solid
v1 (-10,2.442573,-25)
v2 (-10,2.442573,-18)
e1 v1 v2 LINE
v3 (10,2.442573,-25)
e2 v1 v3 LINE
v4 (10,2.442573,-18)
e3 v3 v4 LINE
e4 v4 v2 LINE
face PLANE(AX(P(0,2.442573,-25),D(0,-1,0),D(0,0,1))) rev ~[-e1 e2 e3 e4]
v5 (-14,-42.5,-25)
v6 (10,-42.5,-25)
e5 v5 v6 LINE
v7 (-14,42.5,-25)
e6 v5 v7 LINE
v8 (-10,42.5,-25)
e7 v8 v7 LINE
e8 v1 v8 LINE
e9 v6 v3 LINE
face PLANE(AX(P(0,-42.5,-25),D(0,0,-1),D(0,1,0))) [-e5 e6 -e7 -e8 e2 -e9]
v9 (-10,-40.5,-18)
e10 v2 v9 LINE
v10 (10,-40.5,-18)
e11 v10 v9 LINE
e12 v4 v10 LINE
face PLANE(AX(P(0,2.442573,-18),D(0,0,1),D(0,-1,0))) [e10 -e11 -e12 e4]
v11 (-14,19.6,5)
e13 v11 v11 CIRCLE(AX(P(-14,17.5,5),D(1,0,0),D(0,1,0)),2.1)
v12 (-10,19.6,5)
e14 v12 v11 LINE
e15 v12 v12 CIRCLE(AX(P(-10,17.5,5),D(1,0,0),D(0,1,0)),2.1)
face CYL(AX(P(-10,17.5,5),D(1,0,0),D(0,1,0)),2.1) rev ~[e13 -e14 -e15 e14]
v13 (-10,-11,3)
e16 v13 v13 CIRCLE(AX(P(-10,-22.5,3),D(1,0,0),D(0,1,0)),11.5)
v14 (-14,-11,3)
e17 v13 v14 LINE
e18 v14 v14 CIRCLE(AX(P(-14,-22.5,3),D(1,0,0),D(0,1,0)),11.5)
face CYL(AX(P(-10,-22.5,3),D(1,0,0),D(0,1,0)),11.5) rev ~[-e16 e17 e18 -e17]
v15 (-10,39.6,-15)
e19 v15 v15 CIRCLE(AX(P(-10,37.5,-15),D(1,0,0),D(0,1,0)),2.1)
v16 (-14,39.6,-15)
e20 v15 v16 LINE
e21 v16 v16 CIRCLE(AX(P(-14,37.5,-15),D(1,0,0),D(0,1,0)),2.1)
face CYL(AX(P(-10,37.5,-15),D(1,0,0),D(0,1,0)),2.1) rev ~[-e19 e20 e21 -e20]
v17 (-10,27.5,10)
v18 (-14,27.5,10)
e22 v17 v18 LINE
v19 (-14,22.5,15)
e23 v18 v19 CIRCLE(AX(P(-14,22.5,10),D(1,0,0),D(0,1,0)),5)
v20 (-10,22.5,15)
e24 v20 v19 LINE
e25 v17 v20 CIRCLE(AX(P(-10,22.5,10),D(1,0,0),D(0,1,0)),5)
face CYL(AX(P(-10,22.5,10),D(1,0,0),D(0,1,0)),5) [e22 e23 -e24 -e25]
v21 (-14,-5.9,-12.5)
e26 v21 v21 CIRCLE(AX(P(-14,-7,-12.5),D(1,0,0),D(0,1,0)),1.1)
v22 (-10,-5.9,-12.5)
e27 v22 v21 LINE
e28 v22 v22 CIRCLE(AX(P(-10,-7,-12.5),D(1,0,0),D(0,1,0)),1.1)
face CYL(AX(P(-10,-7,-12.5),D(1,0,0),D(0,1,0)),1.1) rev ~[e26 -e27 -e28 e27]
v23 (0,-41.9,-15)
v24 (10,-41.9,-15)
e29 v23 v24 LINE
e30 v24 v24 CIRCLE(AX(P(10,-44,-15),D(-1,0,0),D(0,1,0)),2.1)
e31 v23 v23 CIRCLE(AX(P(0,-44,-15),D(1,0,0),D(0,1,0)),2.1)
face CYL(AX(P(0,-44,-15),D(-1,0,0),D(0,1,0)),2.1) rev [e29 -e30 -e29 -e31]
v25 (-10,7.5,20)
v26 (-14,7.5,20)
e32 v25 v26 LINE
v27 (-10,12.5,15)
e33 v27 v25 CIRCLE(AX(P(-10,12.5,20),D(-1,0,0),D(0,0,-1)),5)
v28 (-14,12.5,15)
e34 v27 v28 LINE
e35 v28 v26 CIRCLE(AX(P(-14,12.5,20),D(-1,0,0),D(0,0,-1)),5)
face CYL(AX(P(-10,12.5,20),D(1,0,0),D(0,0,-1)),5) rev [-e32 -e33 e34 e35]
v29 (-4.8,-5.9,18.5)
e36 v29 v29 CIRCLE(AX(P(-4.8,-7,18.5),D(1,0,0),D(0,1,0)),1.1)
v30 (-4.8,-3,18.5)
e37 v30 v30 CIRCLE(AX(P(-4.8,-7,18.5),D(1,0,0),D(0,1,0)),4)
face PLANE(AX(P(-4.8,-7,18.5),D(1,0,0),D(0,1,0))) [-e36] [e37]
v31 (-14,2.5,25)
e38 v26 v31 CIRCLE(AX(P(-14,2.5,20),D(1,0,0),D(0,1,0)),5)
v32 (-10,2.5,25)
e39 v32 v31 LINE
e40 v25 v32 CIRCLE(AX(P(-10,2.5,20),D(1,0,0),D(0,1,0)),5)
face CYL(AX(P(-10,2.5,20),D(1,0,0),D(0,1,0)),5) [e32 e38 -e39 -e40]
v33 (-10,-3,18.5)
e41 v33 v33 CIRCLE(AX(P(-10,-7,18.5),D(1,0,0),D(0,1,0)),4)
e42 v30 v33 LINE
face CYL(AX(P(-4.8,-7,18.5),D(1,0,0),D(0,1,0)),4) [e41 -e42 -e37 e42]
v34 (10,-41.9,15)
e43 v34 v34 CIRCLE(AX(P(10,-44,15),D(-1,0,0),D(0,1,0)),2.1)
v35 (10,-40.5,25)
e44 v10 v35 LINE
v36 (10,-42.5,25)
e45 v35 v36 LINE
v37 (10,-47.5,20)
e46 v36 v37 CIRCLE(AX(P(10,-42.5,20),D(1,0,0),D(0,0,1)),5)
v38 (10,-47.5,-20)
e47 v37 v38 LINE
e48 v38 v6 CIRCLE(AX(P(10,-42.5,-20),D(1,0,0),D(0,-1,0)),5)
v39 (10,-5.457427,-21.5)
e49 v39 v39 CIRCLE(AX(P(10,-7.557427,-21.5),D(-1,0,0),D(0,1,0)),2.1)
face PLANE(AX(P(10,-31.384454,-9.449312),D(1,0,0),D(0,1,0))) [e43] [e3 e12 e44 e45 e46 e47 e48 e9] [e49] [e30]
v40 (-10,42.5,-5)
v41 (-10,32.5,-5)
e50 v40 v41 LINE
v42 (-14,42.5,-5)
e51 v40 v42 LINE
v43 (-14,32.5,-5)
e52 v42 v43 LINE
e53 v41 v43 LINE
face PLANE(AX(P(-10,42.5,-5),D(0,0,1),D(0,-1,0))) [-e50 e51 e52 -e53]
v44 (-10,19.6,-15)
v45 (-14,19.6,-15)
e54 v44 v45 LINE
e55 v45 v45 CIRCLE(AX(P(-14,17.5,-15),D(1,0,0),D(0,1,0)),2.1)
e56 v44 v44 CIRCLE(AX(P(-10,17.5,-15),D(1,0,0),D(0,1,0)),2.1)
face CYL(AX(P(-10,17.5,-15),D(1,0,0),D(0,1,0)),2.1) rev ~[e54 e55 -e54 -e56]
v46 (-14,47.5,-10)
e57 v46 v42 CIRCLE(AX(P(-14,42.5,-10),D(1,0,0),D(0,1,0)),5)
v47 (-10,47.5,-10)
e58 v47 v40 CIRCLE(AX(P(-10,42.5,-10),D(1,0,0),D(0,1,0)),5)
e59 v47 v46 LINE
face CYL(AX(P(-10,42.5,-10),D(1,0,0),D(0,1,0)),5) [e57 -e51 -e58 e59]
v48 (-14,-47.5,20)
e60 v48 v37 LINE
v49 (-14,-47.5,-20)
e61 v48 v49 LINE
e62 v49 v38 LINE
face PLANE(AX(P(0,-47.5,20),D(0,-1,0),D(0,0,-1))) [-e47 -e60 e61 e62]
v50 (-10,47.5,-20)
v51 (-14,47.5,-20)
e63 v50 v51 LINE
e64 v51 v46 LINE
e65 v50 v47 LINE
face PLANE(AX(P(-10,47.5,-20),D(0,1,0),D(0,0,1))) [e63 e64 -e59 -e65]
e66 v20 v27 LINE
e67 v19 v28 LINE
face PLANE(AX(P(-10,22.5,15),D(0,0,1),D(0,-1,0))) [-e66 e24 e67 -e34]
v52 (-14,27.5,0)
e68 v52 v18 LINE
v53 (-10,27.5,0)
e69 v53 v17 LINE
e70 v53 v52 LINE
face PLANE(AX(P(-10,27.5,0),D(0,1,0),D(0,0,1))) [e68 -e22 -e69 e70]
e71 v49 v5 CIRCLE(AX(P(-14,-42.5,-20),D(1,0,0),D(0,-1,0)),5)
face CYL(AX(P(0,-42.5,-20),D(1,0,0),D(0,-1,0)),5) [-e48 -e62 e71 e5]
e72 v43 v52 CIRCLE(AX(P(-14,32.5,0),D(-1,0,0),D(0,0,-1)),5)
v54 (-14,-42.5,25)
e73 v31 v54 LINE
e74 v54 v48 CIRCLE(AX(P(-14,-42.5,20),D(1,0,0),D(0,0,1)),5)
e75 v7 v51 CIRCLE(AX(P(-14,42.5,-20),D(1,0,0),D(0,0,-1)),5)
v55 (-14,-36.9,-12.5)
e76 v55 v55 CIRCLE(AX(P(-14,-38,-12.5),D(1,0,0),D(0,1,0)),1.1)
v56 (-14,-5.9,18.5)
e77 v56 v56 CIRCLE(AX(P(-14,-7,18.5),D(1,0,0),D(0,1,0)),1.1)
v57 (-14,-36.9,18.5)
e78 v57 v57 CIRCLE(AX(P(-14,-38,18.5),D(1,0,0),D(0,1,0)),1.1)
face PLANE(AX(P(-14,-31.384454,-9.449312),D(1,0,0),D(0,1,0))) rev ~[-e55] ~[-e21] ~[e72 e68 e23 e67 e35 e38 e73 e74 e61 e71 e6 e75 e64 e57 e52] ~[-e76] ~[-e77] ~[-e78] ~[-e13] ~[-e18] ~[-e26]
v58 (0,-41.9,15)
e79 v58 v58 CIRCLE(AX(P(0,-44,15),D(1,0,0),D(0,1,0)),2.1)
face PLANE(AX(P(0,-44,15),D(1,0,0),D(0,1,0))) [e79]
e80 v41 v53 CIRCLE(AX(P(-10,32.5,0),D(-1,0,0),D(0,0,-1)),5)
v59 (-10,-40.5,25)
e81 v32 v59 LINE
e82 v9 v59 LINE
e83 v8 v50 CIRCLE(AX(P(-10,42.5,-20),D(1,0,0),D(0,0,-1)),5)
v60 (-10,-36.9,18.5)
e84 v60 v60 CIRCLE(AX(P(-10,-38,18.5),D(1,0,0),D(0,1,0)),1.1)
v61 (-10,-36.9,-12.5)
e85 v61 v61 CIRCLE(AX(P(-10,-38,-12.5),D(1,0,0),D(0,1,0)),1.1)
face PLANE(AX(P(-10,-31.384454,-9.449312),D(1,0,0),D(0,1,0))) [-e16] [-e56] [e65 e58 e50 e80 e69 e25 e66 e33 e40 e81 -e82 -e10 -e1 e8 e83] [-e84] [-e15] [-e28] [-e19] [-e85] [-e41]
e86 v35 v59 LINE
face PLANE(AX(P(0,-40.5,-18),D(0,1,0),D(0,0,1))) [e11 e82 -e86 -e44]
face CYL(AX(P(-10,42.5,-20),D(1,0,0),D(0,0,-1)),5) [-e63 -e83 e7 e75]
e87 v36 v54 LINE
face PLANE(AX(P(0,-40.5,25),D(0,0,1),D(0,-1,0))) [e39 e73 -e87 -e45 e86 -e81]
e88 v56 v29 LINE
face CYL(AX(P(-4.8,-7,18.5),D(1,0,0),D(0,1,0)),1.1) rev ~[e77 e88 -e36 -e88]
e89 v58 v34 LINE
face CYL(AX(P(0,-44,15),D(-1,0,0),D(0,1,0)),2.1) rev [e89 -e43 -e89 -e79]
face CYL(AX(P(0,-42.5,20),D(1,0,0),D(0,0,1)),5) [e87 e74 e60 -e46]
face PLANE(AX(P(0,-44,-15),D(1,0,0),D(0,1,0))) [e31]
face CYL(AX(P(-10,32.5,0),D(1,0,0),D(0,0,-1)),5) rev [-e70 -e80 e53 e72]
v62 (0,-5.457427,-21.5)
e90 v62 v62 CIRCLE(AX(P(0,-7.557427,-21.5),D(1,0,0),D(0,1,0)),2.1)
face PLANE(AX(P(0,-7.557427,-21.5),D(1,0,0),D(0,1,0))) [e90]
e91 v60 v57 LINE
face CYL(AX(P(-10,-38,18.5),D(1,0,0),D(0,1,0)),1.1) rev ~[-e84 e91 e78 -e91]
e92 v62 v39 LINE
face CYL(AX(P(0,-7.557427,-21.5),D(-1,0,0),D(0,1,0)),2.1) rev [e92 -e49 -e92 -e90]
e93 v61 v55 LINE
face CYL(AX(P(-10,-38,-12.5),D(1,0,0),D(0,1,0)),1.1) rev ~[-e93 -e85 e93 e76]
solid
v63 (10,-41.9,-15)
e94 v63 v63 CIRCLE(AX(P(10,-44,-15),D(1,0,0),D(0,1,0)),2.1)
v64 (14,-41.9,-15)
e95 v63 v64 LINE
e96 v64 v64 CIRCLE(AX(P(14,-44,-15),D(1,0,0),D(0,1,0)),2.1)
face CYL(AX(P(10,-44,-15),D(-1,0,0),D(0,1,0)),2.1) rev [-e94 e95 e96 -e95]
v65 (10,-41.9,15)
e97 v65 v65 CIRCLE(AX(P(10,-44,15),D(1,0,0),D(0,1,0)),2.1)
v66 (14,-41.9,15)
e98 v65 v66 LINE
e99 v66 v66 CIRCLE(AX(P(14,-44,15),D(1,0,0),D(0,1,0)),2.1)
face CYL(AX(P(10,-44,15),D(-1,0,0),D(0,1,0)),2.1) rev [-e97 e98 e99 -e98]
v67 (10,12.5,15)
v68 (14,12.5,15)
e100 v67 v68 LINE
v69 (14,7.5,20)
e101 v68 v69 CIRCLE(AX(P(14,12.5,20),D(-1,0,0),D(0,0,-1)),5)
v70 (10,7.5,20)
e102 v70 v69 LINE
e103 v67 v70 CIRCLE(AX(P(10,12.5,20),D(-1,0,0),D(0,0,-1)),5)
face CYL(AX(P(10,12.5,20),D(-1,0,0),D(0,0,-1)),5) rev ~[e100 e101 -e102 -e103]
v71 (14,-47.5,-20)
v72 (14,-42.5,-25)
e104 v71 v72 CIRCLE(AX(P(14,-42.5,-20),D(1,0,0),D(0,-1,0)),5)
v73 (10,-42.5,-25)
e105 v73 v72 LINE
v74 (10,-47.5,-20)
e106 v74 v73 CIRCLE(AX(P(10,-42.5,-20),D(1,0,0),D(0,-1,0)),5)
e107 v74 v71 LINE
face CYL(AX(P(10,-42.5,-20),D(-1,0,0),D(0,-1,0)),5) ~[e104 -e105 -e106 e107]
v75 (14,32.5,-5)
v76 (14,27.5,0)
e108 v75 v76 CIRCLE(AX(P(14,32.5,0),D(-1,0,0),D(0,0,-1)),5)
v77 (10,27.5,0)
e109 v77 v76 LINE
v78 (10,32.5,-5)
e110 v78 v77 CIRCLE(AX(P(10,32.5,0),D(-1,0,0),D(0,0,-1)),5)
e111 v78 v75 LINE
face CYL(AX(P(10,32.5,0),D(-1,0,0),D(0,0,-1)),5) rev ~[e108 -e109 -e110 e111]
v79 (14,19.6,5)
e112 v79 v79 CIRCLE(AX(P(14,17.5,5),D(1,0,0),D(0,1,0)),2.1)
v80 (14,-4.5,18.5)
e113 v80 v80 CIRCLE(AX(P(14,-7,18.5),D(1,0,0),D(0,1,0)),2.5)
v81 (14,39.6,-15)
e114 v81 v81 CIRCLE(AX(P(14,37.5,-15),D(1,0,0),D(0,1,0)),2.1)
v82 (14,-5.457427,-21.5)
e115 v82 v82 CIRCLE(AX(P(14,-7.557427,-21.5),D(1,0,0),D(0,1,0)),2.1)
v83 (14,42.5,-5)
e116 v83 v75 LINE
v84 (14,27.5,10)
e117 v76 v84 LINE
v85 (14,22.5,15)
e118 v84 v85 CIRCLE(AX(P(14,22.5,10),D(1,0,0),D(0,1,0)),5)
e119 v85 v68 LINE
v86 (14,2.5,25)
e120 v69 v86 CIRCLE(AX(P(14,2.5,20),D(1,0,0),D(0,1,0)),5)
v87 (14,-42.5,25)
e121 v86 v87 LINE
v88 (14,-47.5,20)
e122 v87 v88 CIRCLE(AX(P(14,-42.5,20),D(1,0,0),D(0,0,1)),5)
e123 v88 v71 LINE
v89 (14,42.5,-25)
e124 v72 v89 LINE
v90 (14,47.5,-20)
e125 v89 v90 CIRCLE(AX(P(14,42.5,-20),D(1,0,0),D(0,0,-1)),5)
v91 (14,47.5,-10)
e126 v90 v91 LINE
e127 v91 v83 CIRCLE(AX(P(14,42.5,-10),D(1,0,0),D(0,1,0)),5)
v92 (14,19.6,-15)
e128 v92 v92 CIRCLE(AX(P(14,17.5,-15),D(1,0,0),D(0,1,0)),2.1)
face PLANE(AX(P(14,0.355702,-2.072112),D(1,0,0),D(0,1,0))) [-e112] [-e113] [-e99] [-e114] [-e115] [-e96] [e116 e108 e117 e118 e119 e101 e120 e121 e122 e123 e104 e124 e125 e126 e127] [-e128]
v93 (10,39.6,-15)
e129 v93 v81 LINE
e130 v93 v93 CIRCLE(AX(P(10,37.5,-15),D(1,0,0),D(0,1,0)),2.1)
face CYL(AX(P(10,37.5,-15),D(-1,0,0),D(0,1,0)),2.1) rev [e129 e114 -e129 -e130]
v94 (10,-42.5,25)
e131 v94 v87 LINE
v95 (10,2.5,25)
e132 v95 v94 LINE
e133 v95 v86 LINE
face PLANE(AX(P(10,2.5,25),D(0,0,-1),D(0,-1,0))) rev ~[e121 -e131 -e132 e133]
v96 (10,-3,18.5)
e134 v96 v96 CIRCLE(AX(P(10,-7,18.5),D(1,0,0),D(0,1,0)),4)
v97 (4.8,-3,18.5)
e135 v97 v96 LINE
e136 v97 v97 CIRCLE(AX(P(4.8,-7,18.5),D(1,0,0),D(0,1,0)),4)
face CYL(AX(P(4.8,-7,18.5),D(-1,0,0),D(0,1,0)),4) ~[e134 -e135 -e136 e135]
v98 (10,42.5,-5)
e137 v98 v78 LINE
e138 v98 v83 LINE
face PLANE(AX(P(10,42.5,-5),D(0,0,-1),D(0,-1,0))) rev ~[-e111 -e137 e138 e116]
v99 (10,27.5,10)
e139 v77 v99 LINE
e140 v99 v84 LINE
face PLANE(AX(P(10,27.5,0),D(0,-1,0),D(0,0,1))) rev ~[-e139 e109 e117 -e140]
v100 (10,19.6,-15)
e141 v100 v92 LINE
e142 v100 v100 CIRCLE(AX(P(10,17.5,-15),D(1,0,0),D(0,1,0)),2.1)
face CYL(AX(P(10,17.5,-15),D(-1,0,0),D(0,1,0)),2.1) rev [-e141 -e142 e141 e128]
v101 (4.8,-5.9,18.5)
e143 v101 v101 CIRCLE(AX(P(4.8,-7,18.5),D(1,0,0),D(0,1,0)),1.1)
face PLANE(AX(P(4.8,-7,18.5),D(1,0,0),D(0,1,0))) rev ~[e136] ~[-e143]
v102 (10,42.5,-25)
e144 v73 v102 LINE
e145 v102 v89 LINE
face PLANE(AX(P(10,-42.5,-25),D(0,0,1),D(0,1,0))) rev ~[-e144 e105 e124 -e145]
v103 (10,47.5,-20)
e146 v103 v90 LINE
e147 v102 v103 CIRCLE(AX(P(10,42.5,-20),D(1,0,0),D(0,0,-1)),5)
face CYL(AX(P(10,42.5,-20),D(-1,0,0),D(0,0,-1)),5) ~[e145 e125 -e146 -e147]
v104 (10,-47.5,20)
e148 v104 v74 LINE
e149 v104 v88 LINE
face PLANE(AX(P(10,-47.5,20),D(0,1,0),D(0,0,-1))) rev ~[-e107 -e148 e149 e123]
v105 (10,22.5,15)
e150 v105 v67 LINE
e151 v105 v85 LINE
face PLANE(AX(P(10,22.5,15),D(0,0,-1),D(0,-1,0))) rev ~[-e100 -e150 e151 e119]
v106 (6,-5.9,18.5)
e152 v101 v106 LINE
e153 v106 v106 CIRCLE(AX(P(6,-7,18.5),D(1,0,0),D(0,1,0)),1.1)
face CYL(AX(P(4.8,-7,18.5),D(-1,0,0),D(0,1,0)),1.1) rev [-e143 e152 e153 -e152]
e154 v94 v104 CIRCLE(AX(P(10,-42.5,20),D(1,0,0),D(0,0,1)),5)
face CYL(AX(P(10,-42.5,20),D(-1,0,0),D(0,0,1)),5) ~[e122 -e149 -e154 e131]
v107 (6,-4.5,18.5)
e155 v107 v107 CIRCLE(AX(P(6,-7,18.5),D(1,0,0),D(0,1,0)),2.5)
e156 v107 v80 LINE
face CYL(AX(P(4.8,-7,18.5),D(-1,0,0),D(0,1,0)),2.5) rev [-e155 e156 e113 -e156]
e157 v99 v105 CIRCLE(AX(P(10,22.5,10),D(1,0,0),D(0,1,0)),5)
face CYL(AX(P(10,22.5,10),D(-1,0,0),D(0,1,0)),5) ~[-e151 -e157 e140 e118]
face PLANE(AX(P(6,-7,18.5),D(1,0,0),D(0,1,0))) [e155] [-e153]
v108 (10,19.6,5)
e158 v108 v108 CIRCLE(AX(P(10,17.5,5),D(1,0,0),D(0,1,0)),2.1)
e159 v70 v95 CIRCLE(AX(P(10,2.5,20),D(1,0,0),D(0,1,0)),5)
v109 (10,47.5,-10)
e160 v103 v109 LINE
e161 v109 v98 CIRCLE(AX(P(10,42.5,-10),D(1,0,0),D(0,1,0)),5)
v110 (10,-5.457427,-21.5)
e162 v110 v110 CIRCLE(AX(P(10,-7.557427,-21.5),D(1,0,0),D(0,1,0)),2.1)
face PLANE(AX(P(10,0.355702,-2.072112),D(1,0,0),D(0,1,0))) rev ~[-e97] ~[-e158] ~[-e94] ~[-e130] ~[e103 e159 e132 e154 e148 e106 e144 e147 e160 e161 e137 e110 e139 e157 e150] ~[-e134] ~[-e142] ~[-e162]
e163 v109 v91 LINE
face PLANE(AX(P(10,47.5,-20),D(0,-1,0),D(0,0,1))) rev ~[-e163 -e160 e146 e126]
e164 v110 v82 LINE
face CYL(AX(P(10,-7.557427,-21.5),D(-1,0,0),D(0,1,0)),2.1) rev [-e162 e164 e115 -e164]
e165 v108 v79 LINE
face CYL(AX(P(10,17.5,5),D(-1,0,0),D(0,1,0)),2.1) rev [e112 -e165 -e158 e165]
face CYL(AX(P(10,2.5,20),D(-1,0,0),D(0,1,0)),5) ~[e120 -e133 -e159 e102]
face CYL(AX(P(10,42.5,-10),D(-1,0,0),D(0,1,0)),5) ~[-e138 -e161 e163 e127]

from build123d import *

# Parameters (mm, degrees)
F1_START      = -10
F0_R          = 2.1
F0_R_2        = 1.1
F0_R_3        = 11.5
F0_R_4        = 4
F0_R_5        = 2.5
F1_DEPTH      = 4
F2_START      = 10
F2_DEPTH      = 4
F3_DEPTH      = 10
F3_DEPTH_BACK = 10
F4_DEPTH      = 14.001
F5_START      = 4.8
F5_DEPTH      = 5.2
F6_START      = 4.8
F6_DEPTH      = 1.2
F7_START      = -4.8
F7_DEPTH      = 5.2


with BuildPart() as f1:
    # F0 (on Right) → F1 (new body)
    with BuildSketch(Plane.YZ.offset(F1_START)):
        with BuildLine():
            ThreePointArc((-42.5, 25), (-46.0355339059, 23.5355339059), (-47.5, 20))
            Line((-47.5, 20), (-47.5, -20))
            ThreePointArc((-47.5, -20), (-46.0355339059, -23.5355339059), (-42.5, -25))
            Line((-42.5, -25), (2.4425727315, -25))
            Line((2.4425727315, -25), (2.4425727315, -18))
            Line((2.4425727315, -18), (-40.5, -18))
            Line((-40.5, -18), (-40.5, 25))
            Line((-40.5, 25), (-42.5, 25))
        make_face()
        with Locations((-44, -15)):
            Circle(F0_R, mode=Mode.SUBTRACT)
        with Locations((-7.5574272685, -21.5)):
            Circle(F0_R, mode=Mode.SUBTRACT)
        with Locations((-44, 15)):
            Circle(F0_R, mode=Mode.SUBTRACT)
        with BuildLine():
            Line((2.5, 25), (-40.5, 25))
            Line((-40.5, 25), (-40.5, -18))
            Line((-40.5, -18), (2.4425727315, -18))
            Line((2.4425727315, -18), (2.4425727315, -25))
            Line((2.4425727315, -25), (42.5, -25))
            ThreePointArc((42.5, -25), (46.0355339059, -23.5355339059), (47.5, -20))
            Line((47.5, -20), (47.5, -10))
            ThreePointArc((47.5, -10), (46.0355339059, -6.4644660941), (42.5, -5))
            Line((42.5, -5), (32.5, -5))
            ThreePointArc((32.5, -5), (28.9644660941, -3.5355339059), (27.5, 0))
            Line((27.5, 0), (27.5, 10))
            ThreePointArc((27.5, 10), (26.0355339059, 13.5355339059), (22.5, 15))
            Line((22.5, 15), (12.5, 15))
            ThreePointArc((12.5, 15), (8.9644660941, 16.4644660941), (7.5, 20))
            ThreePointArc((7.5, 20), (6.0355339059, 23.5355339059), (2.5, 25))
        make_face()
        with Locations((-38, -12.5)):
            Circle(F0_R_2, mode=Mode.SUBTRACT)
        with Locations((-7, -12.5)):
            Circle(F0_R_2, mode=Mode.SUBTRACT)
        with Locations((17.5, -15)):
            Circle(F0_R, mode=Mode.SUBTRACT)
        with Locations((37.5, -15)):
            Circle(F0_R, mode=Mode.SUBTRACT)
        with Locations((-22.5, 3)):
            Circle(F0_R_3, mode=Mode.SUBTRACT)
        with Locations((-38, 18.5)):
            Circle(F0_R_2, mode=Mode.SUBTRACT)
        with Locations((-7, 18.5)):
            Circle(F0_R_4, mode=Mode.SUBTRACT)
        with Locations((17.5, 5)):
            Circle(F0_R, mode=Mode.SUBTRACT)
        with Locations((-44, 15)):
            Circle(F0_R)
        with Locations((-44, -15)):
            Circle(F0_R)
        with Locations((-7.5574272685, -21.5)):
            Circle(F0_R)
        with Locations((-7, 18.5)):
            Circle(F0_R_4)
        with Locations((-7, 18.5)):
            Circle(F0_R_5, mode=Mode.SUBTRACT)
        with Locations((-7, 18.5)):
            Circle(F0_R_5)
        with Locations((-7, 18.5)):
            Circle(F0_R_2, mode=Mode.SUBTRACT)
    extrude(amount=-F1_DEPTH)

    # F0 (on Right) → F3 (join, two sides)
    with BuildSketch(Plane.YZ) as f3_sk:
        with BuildLine():
            ThreePointArc((-42.5, 25), (-46.0355339059, 23.5355339059), (-47.5, 20))
            Line((-47.5, 20), (-47.5, -20))
            ThreePointArc((-47.5, -20), (-46.0355339059, -23.5355339059), (-42.5, -25))
            Line((-42.5, -25), (2.4425727315, -25))
            Line((2.4425727315, -25), (2.4425727315, -18))
            Line((2.4425727315, -18), (-40.5, -18))
            Line((-40.5, -18), (-40.5, 25))
            Line((-40.5, 25), (-42.5, 25))
        make_face()
        with Locations((-44, -15)):
            Circle(F0_R, mode=Mode.SUBTRACT)
        with Locations((-7.5574272685, -21.5)):
            Circle(F0_R, mode=Mode.SUBTRACT)
        with Locations((-44, 15)):
            Circle(F0_R, mode=Mode.SUBTRACT)
        with Locations((-44, 15)):
            Circle(F0_R)
        with Locations((-44, -15)):
            Circle(F0_R)
        with Locations((-7.5574272685, -21.5)):
            Circle(F0_R)
    extrude(amount=F3_DEPTH)
    extrude(f3_sk.sketch, amount=-F3_DEPTH_BACK)

    # F0 (on Right) → F4 (cut, through all)
    with BuildSketch(Plane.YZ):
        with Locations((-44, -15)):
            Circle(F0_R)
        with Locations((-44, 15)):
            Circle(F0_R)
        with Locations((-7.5574272685, -21.5)):
            Circle(F0_R)
    extrude(amount=F4_DEPTH, mode=Mode.SUBTRACT)

    # F0 (on Right) → F7 (join)
    with BuildSketch(Plane.YZ.offset(F7_START)):
        with Locations((-7, 18.5)):
            Circle(F0_R_4)
        with Locations((-7, 18.5)):
            Circle(F0_R_5, mode=Mode.SUBTRACT)
        with Locations((-7, 18.5)):
            Circle(F0_R_5)
        with Locations((-7, 18.5)):
            Circle(F0_R_2, mode=Mode.SUBTRACT)
    extrude(amount=-F7_DEPTH)


with BuildPart() as f2:
    # F0 (on Right) → F2 (new body)
    with BuildSketch(Plane.YZ.offset(F2_START)):
        with BuildLine():
            Line((2.5, 25), (-40.5, 25))
            Line((-40.5, 25), (-40.5, -18))
            Line((-40.5, -18), (2.4425727315, -18))
            Line((2.4425727315, -18), (2.4425727315, -25))
            Line((2.4425727315, -25), (42.5, -25))
            ThreePointArc((42.5, -25), (46.0355339059, -23.5355339059), (47.5, -20))
            Line((47.5, -20), (47.5, -10))
            ThreePointArc((47.5, -10), (46.0355339059, -6.4644660941), (42.5, -5))
            Line((42.5, -5), (32.5, -5))
            ThreePointArc((32.5, -5), (28.9644660941, -3.5355339059), (27.5, 0))
            Line((27.5, 0), (27.5, 10))
            ThreePointArc((27.5, 10), (26.0355339059, 13.5355339059), (22.5, 15))
            Line((22.5, 15), (12.5, 15))
            ThreePointArc((12.5, 15), (8.9644660941, 16.4644660941), (7.5, 20))
            ThreePointArc((7.5, 20), (6.0355339059, 23.5355339059), (2.5, 25))
        make_face()
        with Locations((-38, -12.5)):
            Circle(F0_R_2, mode=Mode.SUBTRACT)
        with Locations((-7, -12.5)):
            Circle(F0_R_2, mode=Mode.SUBTRACT)
        with Locations((17.5, -15)):
            Circle(F0_R, mode=Mode.SUBTRACT)
        with Locations((37.5, -15)):
            Circle(F0_R, mode=Mode.SUBTRACT)
        with Locations((-22.5, 3)):
            Circle(F0_R_3, mode=Mode.SUBTRACT)
        with Locations((-38, 18.5)):
            Circle(F0_R_2, mode=Mode.SUBTRACT)
        with Locations((-7, 18.5)):
            Circle(F0_R_4, mode=Mode.SUBTRACT)
        with Locations((17.5, 5)):
            Circle(F0_R, mode=Mode.SUBTRACT)
        with BuildLine():
            ThreePointArc((-42.5, 25), (-46.0355339059, 23.5355339059), (-47.5, 20))
            Line((-47.5, 20), (-47.5, -20))
            ThreePointArc((-47.5, -20), (-46.0355339059, -23.5355339059), (-42.5, -25))
            Line((-42.5, -25), (2.4425727315, -25))
            Line((2.4425727315, -25), (2.4425727315, -18))
            Line((2.4425727315, -18), (-40.5, -18))
            Line((-40.5, -18), (-40.5, 25))
            Line((-40.5, 25), (-42.5, 25))
        make_face()
        with Locations((-44, -15)):
            Circle(F0_R, mode=Mode.SUBTRACT)
        with Locations((-7.5574272685, -21.5)):
            Circle(F0_R, mode=Mode.SUBTRACT)
        with Locations((-44, 15)):
            Circle(F0_R, mode=Mode.SUBTRACT)
        with Locations((-22.5, 3)):
            Circle(F0_R_3)
        with Locations((-7, 18.5)):
            Circle(F0_R_4)
        with Locations((-7, 18.5)):
            Circle(F0_R_5, mode=Mode.SUBTRACT)
        with Locations((-38, 18.5)):
            Circle(F0_R_2)
        with Locations((-38, -12.5)):
            Circle(F0_R_2)
        with Locations((-7, -12.5)):
            Circle(F0_R_2)
    extrude(amount=F2_DEPTH)

    # F0 (on Right) → F5 (join)
    with BuildSketch(Plane.YZ.offset(F5_START)):
        with Locations((-7, 18.5)):
            Circle(F0_R_4)
        with Locations((-7, 18.5)):
            Circle(F0_R_5, mode=Mode.SUBTRACT)
    extrude(amount=F5_DEPTH)

    # F0 (on Right) → F6 (join)
    with BuildSketch(Plane.YZ.offset(F6_START)):
        with Locations((-7, 18.5)):
            Circle(F0_R_5)
        with Locations((-7, 18.5)):
            Circle(F0_R_2, mode=Mode.SUBTRACT)
    extrude(amount=F6_DEPTH)


solid = Compound([f1.part, f2.part])
